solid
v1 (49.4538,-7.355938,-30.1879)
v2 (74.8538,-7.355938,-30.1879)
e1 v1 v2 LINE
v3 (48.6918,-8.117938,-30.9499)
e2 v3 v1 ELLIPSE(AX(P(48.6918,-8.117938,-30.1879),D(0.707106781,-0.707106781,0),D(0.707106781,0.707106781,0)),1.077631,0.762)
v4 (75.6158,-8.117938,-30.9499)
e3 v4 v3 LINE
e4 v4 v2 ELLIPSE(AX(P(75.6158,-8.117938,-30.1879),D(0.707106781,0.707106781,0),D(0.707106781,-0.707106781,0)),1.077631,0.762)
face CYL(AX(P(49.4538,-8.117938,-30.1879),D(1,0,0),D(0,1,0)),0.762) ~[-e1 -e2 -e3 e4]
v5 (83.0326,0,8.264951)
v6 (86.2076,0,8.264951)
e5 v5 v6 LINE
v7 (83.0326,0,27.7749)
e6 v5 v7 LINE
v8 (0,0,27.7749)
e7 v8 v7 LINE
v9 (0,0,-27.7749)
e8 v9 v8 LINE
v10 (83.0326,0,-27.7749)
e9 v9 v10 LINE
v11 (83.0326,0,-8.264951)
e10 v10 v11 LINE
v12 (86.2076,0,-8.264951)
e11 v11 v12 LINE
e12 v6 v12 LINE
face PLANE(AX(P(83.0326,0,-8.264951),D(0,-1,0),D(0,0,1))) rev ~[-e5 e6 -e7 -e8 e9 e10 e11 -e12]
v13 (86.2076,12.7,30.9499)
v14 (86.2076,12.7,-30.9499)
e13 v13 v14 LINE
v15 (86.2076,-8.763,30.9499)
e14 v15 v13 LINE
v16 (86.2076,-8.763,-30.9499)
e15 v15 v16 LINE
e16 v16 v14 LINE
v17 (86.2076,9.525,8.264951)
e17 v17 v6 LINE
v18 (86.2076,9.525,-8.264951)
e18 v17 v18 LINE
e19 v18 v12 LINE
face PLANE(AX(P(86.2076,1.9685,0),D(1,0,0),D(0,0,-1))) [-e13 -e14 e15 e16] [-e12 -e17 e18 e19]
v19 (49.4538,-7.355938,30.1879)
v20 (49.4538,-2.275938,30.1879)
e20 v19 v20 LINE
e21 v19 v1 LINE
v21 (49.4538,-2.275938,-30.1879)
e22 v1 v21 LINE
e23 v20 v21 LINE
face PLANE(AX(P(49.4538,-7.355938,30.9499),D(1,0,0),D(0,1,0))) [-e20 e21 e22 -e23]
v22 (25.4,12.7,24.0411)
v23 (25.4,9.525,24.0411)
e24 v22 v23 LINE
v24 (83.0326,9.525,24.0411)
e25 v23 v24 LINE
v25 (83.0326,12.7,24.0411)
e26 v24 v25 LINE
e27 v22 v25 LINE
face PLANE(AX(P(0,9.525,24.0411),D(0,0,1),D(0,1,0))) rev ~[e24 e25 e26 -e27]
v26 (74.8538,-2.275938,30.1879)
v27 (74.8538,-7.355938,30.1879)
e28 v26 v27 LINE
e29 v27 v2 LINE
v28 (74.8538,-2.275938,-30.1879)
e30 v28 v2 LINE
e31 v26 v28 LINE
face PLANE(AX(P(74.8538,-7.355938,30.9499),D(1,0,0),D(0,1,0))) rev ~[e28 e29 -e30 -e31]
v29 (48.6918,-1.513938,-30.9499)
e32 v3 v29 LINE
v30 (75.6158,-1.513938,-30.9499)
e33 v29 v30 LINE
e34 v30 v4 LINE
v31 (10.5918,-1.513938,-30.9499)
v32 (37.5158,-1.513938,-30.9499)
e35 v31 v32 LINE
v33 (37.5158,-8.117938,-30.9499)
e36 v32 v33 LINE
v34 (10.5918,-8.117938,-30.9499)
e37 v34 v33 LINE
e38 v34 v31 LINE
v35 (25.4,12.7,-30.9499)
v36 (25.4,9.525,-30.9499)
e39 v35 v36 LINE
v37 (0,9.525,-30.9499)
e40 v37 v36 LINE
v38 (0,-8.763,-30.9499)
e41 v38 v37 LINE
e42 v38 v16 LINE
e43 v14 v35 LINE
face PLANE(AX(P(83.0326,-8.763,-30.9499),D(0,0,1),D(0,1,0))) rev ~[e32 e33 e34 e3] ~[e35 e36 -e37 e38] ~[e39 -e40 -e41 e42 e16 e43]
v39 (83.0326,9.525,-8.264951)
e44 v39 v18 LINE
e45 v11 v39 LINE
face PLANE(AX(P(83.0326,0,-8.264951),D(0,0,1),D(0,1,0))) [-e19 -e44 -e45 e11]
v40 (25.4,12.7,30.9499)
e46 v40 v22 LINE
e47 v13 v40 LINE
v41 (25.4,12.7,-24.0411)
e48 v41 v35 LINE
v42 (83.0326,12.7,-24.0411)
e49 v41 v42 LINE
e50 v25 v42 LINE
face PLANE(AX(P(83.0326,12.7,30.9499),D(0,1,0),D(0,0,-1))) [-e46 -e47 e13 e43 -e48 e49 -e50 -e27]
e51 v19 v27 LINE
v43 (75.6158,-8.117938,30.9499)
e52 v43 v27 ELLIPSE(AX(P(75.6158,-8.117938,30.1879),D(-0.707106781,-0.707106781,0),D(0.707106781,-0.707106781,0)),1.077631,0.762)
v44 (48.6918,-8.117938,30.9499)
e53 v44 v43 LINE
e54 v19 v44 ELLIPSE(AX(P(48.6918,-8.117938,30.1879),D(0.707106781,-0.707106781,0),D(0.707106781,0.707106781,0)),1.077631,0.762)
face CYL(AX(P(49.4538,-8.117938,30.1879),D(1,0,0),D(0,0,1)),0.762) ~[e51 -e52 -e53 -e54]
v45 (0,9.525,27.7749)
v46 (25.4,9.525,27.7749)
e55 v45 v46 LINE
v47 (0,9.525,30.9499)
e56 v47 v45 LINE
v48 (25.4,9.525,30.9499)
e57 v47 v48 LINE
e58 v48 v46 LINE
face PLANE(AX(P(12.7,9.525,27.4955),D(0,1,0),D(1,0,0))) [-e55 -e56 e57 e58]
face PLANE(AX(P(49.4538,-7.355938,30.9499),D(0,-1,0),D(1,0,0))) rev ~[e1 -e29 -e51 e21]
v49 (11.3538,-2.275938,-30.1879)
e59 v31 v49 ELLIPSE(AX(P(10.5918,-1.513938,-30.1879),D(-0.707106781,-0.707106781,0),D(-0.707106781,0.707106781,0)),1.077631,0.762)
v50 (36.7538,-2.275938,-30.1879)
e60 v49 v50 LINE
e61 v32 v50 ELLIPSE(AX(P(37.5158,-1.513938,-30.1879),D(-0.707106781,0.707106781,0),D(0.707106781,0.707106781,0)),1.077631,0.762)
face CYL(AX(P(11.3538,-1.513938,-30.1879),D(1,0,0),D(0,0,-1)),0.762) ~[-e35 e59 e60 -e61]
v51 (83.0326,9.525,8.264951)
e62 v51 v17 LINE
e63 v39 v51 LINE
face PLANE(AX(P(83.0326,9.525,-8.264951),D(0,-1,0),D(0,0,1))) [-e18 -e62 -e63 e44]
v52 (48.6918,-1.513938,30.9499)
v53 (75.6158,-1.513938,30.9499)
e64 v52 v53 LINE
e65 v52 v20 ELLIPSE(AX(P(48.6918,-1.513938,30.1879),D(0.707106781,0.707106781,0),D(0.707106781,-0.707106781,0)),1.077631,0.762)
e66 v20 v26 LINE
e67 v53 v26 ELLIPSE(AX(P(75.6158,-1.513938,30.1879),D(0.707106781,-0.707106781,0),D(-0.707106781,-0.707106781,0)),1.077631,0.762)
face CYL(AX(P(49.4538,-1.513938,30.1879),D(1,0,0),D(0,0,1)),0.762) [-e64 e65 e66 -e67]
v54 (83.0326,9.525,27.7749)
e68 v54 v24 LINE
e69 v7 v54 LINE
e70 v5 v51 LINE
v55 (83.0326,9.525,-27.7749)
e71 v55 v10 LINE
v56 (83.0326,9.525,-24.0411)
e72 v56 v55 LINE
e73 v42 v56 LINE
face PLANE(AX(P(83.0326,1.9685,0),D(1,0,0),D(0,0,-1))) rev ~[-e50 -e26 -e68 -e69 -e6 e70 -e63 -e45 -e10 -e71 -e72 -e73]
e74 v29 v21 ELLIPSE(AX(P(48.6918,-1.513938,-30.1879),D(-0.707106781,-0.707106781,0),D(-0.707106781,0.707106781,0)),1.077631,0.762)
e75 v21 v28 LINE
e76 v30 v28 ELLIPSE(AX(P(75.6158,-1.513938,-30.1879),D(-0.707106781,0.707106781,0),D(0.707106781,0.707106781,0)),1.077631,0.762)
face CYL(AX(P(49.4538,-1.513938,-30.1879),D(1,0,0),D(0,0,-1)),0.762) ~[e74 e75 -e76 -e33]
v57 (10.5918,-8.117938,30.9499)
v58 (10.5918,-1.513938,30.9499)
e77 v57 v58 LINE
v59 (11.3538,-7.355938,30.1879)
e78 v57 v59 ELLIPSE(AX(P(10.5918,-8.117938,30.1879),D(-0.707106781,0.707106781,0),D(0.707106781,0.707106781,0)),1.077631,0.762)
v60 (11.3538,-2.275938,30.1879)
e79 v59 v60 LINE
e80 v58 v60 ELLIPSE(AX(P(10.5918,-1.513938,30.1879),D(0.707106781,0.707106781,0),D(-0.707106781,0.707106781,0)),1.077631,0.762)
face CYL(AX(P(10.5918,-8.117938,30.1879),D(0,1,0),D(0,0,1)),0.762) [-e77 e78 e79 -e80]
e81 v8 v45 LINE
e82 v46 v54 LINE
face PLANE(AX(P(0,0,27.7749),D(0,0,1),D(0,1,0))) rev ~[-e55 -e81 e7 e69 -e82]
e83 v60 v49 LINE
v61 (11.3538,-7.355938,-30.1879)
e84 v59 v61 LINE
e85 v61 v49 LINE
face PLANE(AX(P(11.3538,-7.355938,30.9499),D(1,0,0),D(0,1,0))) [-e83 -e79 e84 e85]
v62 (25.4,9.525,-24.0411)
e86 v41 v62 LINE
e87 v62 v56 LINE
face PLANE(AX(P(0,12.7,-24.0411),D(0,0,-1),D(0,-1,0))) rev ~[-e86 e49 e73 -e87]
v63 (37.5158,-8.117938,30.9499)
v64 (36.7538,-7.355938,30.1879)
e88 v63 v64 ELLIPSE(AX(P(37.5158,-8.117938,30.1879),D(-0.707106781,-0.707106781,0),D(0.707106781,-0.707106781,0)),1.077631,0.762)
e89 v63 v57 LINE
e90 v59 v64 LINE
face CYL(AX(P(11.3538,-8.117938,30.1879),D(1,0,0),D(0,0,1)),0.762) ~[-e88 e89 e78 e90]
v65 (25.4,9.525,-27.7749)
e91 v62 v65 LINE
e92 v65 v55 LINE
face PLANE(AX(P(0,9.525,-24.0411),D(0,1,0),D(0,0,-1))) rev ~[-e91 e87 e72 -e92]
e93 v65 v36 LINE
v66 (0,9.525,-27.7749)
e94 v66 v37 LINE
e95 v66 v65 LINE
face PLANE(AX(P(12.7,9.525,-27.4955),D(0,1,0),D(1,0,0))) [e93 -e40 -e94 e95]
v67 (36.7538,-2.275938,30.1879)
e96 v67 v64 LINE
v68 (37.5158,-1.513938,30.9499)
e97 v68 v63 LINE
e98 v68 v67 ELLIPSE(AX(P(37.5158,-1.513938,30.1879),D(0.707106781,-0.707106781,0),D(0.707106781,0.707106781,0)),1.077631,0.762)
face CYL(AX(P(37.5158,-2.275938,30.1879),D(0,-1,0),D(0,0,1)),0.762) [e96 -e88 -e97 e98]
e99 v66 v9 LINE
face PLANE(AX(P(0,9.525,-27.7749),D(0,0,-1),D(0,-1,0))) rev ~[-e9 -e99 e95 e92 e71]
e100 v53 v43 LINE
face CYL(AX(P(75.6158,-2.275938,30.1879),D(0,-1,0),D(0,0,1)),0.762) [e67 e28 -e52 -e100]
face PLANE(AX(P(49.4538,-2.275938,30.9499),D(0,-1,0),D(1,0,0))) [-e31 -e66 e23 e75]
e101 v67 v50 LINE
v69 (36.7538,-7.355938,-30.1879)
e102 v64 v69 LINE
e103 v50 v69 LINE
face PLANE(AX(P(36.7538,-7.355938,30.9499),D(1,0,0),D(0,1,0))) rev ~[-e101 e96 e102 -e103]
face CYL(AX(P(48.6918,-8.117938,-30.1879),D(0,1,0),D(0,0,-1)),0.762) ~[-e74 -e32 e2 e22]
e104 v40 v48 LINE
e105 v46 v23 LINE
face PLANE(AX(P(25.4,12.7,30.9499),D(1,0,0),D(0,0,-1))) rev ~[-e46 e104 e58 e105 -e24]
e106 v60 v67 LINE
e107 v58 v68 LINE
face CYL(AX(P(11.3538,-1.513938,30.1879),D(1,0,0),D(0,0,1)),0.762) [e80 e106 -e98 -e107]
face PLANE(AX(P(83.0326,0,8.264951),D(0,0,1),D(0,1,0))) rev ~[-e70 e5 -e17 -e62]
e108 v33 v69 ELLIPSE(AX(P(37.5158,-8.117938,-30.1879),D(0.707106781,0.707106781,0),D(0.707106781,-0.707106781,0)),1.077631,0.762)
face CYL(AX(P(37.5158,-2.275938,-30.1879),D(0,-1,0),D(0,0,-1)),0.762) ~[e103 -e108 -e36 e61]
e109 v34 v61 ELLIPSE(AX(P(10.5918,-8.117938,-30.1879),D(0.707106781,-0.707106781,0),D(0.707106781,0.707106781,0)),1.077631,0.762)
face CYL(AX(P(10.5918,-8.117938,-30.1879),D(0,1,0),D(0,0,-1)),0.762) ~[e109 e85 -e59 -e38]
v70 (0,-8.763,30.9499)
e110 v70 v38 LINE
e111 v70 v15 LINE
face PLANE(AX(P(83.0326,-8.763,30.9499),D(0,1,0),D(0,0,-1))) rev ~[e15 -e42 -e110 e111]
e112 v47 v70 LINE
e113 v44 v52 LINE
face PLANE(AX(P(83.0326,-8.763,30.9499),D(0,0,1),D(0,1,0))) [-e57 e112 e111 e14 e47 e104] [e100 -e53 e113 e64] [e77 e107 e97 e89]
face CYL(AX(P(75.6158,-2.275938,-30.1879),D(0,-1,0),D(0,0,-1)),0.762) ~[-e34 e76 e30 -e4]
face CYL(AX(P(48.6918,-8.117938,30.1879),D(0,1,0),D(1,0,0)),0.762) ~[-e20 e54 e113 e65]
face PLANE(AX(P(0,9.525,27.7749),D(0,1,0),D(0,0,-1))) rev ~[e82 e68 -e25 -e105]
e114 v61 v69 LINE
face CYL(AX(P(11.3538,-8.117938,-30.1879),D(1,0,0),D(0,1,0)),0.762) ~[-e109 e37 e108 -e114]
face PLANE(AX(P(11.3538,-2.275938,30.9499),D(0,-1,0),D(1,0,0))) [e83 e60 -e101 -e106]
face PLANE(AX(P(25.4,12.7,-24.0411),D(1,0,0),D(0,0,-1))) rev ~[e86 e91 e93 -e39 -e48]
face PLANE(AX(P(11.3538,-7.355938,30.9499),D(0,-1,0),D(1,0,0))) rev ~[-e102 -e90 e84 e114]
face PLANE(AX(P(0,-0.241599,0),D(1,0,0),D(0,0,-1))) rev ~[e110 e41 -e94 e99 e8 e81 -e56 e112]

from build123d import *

# Parameters (mm, degrees)
BOSS_EXTRUDE1_DEPTH = 83.0326
SKETCH2_W           = 61.8998
SKETCH2_H           = 21.463
BOSS_EXTRUDE2_DEPTH = 3.175
SKETCH3_W           = 25.4
SKETCH3_H           = 5.08
CUT_EXTRUDE1_DEPTH  = 107.886039958
FILLET1_R           = 0.762
FILLET2_R           = 0.762
FILLET3_R           = 0.762
SKETCH5_W           = 16.529901782
SKETCH5_H           = 9.525
CUT_EXTRUDE2_DEPTH  = 90.51870739
SKETCH42_W          = 25.4
SKETCH42_H          = 6.9088
CUT_EXTRUDE3_DEPTH  = 3.175


with BuildPart() as part:
    # Sketch1 → Boss-Extrude1 (new body)
    with BuildSketch(Plane(origin=(0, 0, 0), x_dir=(0, 0, -1), z_dir=(1, 0, 0))):
        Polygon((-27.7749, 9.525), (-24.0411, 9.525), (-24.0411, 12.7), (-30.9499, 12.7), (-30.9499, -3.175), (-30.9499, -8.763), (30.9499, -8.763), (30.9499, -3.175), (30.9499, 12.7), (24.0411, 12.7), (24.0411, 9.525), (27.7749, 9.525), (27.7749, 0), (-27.7749, 0), align=None)
    extrude(amount=BOSS_EXTRUDE1_DEPTH)

    # Sketch2 → Boss-Extrude2 (add)
    with BuildSketch(Plane(origin=(83.0326, 0, 0), x_dir=(0, 0, -1), z_dir=(1, 0, 0))):
        with Locations((0, 1.9685)):
            Rectangle(SKETCH2_W, SKETCH2_H)
    extrude(amount=BOSS_EXTRUDE2_DEPTH)

    # Sketch3 → Cut-Extrude1 (cut, through all)
    with BuildSketch(Plane.XY.offset(30.9499)):
        with Locations((24.0538, -4.815937668)):
            Rectangle(SKETCH3_W, SKETCH3_H)
        with Locations((62.1538, -4.815937668)):
            Rectangle(SKETCH3_W, SKETCH3_H)
    extrude(amount=-CUT_EXTRUDE1_DEPTH, mode=Mode.SUBTRACT)

    # Fillet1
    fillet1_edges = [part.edges().sort_by_distance(p)[0] for p in [
        (24.0538, -7.355937668, -30.9499),
        (24.0538, -7.355937668, 30.9499),
        (62.1538, -7.355937668, -30.9499),
        (62.1538, -7.355937668, 30.9499),
    ]]
    fillet(fillet1_edges, radius=FILLET1_R)

    # Fillet2
    fillet2_edges = [part.edges().sort_by_distance(p)[0] for p in [
        (11.3538, -5.196937668, -30.9499),
        (24.0538, -2.275937668, -30.9499),
        (36.7538, -5.196937668, -30.9499),
        (49.4538, -5.196937668, -30.9499),
        (62.1538, -2.275937668, -30.9499),
        (74.8538, -5.196937668, -30.9499),
    ]]
    fillet(fillet2_edges, radius=FILLET2_R)

    # Fillet3
    fillet3_edges = [part.edges().sort_by_distance(p)[0] for p in [
        (74.8538, -5.196937668, 30.9499),
        (62.1538, -2.275937668, 30.9499),
        (49.4538, -5.196937668, 30.9499),
        (11.3538, -5.196937668, 30.9499),
        (24.0538, -2.275937668, 30.9499),
        (36.7538, -5.196937668, 30.9499),
    ]]
    fillet(fillet3_edges, radius=FILLET3_R)

    # Sketch5 → Cut-Extrude2 (cut, through all)
    with BuildSketch(Plane.ZY.offset(-83.0326)):
        with Locations((0, 4.7625)):
            Rectangle(SKETCH5_W, SKETCH5_H)
    extrude(amount=-CUT_EXTRUDE2_DEPTH, mode=Mode.SUBTRACT)

    # Sketch42 → Cut-Extrude3 (cut)
    with BuildSketch(Plane(origin=(0, 12.7, 0), x_dir=(1, 0, 0), z_dir=(0, 1, 0))):
        with Locations((12.7, 27.4955)):
            Rectangle(SKETCH42_W, SKETCH42_H)
        with Locations((12.7, -27.4955)):
            Rectangle(SKETCH42_W, SKETCH42_H)
    extrude(amount=-CUT_EXTRUDE3_DEPTH, mode=Mode.SUBTRACT)


solid = part.part
